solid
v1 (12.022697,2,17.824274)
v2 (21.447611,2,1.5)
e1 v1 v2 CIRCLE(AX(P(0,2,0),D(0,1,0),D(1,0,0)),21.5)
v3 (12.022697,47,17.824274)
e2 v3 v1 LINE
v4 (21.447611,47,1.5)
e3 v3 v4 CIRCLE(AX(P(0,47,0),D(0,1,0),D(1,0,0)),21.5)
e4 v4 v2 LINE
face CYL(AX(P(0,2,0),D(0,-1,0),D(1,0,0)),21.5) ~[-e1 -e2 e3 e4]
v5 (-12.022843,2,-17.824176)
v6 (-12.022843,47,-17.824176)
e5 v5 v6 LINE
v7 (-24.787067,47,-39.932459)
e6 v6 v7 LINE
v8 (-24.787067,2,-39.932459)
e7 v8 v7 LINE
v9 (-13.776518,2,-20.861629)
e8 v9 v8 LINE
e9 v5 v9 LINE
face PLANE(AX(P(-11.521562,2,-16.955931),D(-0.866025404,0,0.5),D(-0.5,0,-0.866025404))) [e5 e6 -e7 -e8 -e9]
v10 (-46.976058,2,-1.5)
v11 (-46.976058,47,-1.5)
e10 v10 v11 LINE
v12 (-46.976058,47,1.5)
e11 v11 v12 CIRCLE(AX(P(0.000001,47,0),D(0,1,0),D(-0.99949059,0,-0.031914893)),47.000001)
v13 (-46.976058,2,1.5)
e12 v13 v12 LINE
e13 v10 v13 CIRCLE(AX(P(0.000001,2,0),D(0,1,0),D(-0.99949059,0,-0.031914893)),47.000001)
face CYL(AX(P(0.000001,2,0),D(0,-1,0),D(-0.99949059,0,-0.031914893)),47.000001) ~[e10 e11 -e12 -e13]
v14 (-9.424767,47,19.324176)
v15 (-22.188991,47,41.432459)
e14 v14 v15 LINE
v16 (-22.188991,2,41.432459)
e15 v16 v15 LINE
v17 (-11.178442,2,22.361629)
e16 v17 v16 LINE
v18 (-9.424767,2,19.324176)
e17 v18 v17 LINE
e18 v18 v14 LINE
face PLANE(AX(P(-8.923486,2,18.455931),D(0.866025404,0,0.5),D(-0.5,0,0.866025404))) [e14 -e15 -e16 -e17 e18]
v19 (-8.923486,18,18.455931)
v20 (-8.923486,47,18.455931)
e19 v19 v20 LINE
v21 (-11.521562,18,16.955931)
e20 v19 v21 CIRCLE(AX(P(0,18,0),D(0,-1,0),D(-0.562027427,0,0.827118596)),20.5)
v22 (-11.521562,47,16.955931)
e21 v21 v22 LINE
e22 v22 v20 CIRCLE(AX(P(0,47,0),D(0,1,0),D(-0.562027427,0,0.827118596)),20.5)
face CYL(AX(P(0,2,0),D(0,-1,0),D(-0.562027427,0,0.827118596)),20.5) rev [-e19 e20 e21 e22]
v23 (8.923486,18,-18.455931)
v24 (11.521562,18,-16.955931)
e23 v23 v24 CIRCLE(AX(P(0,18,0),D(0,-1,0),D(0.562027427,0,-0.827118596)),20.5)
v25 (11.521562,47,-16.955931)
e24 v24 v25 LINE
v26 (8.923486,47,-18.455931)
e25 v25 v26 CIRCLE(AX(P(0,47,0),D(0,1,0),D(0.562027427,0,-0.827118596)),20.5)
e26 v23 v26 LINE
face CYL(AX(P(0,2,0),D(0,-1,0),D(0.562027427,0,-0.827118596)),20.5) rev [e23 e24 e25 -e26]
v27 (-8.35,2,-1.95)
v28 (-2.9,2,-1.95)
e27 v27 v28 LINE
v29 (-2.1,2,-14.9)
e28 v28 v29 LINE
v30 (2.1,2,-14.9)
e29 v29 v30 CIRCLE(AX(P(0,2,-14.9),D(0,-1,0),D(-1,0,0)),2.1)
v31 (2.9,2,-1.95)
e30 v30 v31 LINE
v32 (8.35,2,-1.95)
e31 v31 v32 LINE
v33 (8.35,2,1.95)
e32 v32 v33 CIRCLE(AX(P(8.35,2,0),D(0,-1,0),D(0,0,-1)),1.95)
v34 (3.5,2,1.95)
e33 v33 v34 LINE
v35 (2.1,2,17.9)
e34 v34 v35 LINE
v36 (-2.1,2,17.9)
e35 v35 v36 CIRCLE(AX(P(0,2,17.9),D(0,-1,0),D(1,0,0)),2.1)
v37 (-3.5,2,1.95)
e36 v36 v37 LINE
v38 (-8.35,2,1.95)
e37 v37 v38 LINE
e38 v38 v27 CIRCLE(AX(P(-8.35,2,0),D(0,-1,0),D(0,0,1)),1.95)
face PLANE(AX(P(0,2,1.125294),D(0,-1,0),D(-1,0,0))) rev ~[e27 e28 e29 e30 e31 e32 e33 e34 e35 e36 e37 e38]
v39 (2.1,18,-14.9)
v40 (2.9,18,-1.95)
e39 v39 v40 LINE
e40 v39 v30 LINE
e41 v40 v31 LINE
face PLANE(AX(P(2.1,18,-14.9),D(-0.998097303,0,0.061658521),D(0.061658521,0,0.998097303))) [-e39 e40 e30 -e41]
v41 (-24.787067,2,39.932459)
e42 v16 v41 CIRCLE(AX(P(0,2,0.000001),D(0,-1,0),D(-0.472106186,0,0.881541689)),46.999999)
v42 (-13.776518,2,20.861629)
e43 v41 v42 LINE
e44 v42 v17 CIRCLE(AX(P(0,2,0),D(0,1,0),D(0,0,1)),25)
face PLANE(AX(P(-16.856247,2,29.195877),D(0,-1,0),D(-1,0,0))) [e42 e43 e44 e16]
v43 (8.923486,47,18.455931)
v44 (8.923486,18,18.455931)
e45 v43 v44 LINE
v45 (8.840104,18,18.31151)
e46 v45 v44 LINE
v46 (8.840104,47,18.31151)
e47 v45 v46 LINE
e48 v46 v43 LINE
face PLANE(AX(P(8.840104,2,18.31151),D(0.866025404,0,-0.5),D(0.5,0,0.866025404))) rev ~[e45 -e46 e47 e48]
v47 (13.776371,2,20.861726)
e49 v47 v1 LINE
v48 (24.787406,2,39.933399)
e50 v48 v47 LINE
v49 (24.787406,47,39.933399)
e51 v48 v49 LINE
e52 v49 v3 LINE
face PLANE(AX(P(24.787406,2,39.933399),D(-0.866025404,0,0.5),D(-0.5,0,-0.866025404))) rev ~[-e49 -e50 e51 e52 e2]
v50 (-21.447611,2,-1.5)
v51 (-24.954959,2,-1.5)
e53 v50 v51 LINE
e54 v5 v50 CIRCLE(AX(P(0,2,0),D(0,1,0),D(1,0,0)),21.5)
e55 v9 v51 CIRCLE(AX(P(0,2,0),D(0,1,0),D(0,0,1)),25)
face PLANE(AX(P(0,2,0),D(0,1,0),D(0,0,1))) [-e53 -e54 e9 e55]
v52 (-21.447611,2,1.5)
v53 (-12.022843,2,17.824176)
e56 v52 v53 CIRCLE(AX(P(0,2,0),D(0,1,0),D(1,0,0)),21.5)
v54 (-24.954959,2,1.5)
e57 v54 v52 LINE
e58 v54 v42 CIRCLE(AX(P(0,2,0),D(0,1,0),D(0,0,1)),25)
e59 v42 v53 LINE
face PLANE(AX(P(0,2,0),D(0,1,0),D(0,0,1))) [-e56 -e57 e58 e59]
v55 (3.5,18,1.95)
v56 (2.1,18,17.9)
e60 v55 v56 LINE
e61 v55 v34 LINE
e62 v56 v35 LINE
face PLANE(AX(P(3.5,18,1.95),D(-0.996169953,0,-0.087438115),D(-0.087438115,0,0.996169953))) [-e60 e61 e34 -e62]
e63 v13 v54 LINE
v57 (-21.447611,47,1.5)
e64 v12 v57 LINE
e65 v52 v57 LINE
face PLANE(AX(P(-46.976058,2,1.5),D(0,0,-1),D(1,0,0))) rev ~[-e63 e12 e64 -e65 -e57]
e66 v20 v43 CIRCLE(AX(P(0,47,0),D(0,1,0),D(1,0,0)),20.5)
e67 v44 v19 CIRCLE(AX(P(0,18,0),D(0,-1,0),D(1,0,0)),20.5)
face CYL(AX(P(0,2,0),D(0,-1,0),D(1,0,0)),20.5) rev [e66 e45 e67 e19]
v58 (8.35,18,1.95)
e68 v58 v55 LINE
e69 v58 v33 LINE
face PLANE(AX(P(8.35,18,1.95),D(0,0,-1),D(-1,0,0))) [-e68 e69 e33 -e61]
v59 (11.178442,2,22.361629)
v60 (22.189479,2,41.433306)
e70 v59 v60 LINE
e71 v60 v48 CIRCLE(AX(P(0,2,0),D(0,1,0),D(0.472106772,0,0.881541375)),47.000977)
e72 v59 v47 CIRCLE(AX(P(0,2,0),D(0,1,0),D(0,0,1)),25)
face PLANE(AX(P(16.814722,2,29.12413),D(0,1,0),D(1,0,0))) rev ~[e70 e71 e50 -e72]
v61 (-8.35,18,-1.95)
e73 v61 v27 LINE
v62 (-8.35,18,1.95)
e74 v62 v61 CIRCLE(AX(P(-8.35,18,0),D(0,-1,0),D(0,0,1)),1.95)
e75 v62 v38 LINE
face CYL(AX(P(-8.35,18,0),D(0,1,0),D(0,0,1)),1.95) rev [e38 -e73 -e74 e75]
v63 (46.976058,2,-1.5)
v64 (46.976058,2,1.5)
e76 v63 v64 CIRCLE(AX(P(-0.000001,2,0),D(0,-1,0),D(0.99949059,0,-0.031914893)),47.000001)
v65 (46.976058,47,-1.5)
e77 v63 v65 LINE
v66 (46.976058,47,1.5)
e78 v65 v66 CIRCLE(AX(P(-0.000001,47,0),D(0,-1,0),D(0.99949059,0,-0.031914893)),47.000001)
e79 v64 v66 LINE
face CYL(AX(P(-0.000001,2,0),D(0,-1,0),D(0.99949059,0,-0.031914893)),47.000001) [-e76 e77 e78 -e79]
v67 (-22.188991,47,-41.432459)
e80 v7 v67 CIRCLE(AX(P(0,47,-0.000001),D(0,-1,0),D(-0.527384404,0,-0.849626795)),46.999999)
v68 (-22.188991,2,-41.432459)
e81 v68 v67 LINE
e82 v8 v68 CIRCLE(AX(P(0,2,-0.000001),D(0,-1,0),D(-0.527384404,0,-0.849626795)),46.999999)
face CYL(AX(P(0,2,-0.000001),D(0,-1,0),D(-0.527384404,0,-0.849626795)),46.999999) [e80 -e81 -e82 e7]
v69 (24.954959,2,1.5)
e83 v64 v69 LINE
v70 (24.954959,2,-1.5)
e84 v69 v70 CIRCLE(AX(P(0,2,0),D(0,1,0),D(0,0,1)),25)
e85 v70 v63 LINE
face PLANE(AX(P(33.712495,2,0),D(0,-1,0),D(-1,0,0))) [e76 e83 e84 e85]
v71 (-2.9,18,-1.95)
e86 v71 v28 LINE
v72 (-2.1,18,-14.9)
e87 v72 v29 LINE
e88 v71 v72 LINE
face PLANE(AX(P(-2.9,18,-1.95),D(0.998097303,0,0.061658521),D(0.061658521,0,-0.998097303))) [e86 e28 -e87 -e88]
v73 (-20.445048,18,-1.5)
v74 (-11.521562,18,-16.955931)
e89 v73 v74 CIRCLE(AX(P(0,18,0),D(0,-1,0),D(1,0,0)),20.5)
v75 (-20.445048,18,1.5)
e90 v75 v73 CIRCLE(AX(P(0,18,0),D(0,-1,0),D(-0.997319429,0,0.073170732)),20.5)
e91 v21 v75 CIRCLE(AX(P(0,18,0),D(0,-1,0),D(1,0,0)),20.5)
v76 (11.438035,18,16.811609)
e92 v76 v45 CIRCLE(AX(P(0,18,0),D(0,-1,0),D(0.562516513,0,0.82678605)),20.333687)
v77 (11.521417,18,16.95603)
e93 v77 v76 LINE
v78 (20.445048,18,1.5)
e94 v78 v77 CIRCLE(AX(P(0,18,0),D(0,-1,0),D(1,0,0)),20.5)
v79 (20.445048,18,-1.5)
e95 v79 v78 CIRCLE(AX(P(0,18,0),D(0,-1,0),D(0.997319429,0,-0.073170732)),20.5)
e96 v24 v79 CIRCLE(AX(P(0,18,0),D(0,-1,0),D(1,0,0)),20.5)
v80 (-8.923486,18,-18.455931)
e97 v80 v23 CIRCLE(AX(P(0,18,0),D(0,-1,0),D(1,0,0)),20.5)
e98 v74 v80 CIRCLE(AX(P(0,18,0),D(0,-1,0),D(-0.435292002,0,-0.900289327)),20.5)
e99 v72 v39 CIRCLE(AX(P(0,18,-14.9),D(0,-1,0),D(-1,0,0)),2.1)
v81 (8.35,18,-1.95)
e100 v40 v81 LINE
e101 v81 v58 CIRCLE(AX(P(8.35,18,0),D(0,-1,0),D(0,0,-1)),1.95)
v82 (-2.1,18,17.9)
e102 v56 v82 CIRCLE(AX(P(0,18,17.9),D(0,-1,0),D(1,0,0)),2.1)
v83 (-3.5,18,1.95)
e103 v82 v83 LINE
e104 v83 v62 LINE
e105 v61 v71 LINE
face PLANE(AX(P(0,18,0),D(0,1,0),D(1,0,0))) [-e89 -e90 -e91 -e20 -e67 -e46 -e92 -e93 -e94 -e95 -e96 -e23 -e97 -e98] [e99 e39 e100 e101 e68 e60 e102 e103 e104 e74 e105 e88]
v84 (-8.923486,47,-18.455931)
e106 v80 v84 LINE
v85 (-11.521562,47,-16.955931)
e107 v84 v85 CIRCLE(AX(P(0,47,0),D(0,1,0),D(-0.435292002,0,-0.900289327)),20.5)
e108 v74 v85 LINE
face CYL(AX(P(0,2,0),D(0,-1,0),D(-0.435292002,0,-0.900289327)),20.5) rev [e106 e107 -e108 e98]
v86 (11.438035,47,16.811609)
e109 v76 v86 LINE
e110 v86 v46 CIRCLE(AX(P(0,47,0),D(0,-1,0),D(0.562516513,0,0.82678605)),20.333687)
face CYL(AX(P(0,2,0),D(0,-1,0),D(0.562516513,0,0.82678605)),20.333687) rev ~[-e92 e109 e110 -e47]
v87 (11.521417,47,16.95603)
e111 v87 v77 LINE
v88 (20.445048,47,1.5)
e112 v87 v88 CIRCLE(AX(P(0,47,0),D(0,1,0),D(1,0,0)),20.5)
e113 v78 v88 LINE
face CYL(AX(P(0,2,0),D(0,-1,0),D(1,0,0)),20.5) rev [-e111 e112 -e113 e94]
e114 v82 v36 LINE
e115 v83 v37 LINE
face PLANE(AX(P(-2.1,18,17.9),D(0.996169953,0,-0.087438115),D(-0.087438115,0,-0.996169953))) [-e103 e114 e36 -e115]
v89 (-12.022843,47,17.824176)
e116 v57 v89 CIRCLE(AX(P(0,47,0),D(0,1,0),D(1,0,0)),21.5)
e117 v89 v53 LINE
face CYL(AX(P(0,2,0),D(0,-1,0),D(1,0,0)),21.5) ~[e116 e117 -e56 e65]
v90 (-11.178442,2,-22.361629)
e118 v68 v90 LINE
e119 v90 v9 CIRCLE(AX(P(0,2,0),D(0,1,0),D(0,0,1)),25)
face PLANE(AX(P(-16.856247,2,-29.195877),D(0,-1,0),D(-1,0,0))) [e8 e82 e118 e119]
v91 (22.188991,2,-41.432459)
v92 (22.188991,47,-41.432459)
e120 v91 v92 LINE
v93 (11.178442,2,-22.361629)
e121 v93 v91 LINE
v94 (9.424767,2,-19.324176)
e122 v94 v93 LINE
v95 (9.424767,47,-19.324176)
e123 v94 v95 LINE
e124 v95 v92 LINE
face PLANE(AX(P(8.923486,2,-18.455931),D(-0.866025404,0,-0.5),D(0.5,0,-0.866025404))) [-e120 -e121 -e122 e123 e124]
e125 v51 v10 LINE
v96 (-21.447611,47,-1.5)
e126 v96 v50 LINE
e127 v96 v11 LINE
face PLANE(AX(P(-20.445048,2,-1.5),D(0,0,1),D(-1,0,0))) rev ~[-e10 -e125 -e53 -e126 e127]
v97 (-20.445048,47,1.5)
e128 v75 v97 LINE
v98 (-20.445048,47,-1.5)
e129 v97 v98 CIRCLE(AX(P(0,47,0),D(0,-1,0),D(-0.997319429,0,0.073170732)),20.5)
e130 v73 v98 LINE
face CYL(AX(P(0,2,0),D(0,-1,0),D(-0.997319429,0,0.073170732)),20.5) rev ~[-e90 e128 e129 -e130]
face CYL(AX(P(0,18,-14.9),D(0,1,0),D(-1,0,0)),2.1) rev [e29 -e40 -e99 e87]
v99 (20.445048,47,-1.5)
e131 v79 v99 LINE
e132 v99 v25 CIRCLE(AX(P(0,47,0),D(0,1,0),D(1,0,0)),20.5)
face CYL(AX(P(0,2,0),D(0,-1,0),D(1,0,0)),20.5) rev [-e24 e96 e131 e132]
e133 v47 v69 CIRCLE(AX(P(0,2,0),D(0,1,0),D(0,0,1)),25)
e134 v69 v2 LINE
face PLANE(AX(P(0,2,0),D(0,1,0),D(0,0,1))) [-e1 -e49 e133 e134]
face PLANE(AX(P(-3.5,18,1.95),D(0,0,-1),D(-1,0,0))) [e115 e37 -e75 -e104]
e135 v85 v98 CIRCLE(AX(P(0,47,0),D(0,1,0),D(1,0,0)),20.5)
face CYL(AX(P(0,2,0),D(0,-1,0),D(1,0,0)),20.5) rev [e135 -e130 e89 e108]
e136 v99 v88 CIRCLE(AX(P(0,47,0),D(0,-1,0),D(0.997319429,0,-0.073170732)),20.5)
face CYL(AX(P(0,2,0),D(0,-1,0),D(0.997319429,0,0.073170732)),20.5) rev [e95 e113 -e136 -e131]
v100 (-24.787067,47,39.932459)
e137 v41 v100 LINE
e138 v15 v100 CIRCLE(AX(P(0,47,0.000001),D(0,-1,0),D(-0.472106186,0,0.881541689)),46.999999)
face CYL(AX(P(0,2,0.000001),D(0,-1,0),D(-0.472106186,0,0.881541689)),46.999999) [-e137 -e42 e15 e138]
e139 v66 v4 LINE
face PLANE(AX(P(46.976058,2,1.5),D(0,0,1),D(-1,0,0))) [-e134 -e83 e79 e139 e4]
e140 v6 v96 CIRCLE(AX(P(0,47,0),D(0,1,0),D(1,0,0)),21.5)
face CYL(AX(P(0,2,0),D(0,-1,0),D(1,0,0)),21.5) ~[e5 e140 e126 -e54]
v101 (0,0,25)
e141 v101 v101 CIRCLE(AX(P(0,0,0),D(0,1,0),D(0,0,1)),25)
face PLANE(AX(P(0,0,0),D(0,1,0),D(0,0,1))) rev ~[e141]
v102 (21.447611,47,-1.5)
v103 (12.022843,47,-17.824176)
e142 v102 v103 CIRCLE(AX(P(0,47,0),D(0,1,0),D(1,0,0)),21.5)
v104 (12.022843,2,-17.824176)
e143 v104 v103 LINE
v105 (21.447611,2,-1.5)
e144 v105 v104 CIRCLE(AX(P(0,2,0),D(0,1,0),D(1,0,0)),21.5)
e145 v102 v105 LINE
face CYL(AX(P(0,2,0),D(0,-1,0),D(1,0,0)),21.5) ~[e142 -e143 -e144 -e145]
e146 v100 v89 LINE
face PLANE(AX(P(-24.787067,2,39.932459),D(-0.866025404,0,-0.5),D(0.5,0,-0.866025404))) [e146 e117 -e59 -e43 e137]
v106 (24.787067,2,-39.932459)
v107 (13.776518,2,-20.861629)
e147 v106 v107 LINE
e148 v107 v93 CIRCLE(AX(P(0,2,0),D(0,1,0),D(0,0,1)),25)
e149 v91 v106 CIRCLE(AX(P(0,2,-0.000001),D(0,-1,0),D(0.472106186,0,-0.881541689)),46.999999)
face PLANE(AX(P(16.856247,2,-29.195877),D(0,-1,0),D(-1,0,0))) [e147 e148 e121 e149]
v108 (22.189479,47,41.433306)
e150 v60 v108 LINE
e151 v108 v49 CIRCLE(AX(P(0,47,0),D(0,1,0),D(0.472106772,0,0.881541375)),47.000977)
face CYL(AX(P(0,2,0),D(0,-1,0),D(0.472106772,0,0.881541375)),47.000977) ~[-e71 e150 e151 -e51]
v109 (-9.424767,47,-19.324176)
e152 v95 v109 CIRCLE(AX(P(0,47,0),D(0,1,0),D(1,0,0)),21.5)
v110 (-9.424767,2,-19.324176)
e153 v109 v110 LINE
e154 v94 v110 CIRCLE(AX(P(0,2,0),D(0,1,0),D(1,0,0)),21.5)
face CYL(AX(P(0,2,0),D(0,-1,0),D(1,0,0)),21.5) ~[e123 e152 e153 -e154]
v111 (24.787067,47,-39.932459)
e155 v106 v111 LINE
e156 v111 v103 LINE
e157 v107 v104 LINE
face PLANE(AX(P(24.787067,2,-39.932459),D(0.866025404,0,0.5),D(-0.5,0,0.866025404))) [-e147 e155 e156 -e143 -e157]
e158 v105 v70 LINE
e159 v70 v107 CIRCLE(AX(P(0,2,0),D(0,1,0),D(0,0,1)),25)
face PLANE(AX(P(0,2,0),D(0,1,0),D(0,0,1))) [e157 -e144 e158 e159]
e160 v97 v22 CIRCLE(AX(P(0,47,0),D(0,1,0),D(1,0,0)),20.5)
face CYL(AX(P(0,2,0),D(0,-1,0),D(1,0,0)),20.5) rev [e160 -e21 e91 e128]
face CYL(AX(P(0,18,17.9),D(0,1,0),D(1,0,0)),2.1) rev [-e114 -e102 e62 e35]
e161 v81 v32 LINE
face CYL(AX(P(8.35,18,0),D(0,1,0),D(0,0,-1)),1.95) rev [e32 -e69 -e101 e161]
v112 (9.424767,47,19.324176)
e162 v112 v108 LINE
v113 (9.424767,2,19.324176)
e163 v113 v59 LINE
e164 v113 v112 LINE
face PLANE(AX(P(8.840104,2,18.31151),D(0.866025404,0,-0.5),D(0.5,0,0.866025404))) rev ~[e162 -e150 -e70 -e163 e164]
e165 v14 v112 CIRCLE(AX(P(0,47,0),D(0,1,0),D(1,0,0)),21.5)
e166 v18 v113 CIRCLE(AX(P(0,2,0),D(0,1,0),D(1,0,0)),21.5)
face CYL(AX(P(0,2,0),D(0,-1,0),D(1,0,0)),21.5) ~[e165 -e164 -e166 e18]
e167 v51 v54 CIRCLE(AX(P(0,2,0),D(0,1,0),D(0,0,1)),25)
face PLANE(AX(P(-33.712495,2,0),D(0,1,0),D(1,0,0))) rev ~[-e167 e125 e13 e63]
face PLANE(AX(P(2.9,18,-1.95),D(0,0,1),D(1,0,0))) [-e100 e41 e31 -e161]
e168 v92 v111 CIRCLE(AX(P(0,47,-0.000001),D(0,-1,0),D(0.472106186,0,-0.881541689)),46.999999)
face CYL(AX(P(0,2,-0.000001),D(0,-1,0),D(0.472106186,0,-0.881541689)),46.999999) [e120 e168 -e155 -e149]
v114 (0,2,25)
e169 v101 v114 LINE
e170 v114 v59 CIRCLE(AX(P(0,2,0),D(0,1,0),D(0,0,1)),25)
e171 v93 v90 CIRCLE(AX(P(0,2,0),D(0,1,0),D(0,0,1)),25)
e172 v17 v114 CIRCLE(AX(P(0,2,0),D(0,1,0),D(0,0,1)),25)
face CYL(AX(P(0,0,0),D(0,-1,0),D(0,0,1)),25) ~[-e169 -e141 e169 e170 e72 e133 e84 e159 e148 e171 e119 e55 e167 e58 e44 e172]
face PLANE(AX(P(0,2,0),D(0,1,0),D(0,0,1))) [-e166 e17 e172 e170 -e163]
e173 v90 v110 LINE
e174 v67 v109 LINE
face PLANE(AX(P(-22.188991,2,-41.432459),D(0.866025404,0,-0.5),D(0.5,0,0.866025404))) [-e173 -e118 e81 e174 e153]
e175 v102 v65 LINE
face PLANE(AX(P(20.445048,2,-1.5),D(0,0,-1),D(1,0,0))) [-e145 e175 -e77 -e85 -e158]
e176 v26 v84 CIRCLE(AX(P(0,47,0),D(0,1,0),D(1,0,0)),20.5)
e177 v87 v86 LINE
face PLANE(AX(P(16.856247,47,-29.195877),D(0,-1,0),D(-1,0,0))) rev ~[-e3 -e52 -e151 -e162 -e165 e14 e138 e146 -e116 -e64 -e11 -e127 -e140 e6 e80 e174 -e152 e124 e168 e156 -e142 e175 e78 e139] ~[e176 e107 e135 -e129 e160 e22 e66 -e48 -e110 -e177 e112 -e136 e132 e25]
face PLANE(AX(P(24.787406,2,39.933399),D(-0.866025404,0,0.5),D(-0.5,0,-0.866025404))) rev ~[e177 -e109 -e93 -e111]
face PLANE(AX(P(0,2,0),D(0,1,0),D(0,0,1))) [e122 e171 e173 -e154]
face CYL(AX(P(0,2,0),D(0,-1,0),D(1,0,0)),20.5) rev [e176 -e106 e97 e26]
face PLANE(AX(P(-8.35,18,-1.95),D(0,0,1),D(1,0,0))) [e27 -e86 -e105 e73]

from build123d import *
from build123d.topology import SkipClean

# Parameters (mm, degrees)
SKETCH_1_R          = 25
EXTRUDE_2_DEPTH     = 2
EXTRUDE_3_DEPTH     = 45
SKETCH_3_R          = 21.5
SKETCH_3_R_2        = 20.5
EXTRUDE_4_DEPTH     = 45
SKETCH_5_R          = 21.5
EXTRUDE_5_DEPTH     = 16
CUT_EXTRUDE_1_DEPTH = 16


with BuildPart() as part:
    # 草图1 → 凸台-拉伸2 (new body)
    with BuildSketch(Plane(origin=(0, 0, 0), x_dir=(1, 0, 0), z_dir=(0, 1, 0))):
        with Locations(Location((0, 0, 0), (0, 0, 270))):
            Circle(SKETCH_1_R)
    extrude(amount=EXTRUDE_2_DEPTH)

    # 草图2 → 凸台-拉伸3 (add)
    with BuildSketch(Plane(origin=(0, 2, 0), x_dir=(1, 0, 0), z_dir=(0, 1, 0))):
        with BuildLine():
            Line((46.976057732, -1.5), (20.4450483, -1.5))
            ThreePointArc((20.4450483, -1.5), (20.5, 0), (20.4450483, 1.5))
            Line((20.4450483, 1.5), (46.976057732, 1.5))
            ThreePointArc((46.976057732, 1.5), (47, 0), (46.976057732, -1.5))
        make_face()
        with BuildLine():
            Line((8.840104317, -18.311509822), (22.189479497, -41.433305883))
            ThreePointArc((22.189479497, -41.433305883), (23.500412361, -40.704084016), (24.787406337, -39.933398601))
            Line((24.787406337, -39.933398601), (11.438034851, -16.811608937))
            ThreePointArc((11.438034851, -16.811608937), (10.166767318, -17.609533741), (8.840104317, -18.311509822))
        make_face()
        with BuildLine():
            Line((-8.923486044, -18.45593121), (-22.18899076, -41.432459365))
            ThreePointArc((-22.18899076, -41.432459365), (-23.5, -40.703193978), (-24.787066971, -39.932459365))
            Line((-24.787066971, -39.932459365), (-11.521562256, -16.95593121))
            ThreePointArc((-11.521562256, -16.95593121), (-10.25, -17.753520778), (-8.923486044, -18.45593121))
        make_face()
        with BuildLine():
            Line((-20.4450483, 1.5), (-46.976057732, 1.5))
            ThreePointArc((-46.976057732, 1.5), (-47, 0), (-46.976057732, -1.5))
            Line((-46.976057732, -1.5), (-20.4450483, -1.5))
            ThreePointArc((-20.4450483, -1.5), (-20.5, 0), (-20.4450483, 1.5))
        make_face()
        with BuildLine():
            Line((-11.521562256, 16.95593121), (-24.787066971, 39.932459365))
            ThreePointArc((-24.787066971, 39.932459365), (-23.5, 40.703193978), (-22.18899076, 41.432459365))
            Line((-22.18899076, 41.432459365), (-8.923486044, 18.45593121))
            ThreePointArc((-8.923486044, 18.45593121), (-10.25, 17.753520778), (-11.521562256, 16.95593121))
        make_face()
        with BuildLine():
            Line((8.923486044, 18.45593121), (22.18899076, 41.432459365))
            ThreePointArc((22.18899076, 41.432459365), (23.5, 40.703193978), (24.787066971, 39.932459365))
            Line((24.787066971, 39.932459365), (11.521562256, 16.95593121))
            ThreePointArc((11.521562256, 16.95593121), (10.25, 17.753520778), (8.923486044, 18.45593121))
        make_face()
    extrude(amount=EXTRUDE_3_DEPTH)

    # 草图3 → 凸台-拉伸4 (add)
    with SkipClean():  # the faces are left unmerged after this step: merging them gives an invalid solid
        with BuildSketch(Plane(origin=(0, 2, 0), x_dir=(1, 0, 0), z_dir=(0, 1, 0))):
            Circle(SKETCH_3_R)
            Circle(SKETCH_3_R_2, mode=Mode.SUBTRACT)
        extrude(amount=EXTRUDE_4_DEPTH)

    # 草图5 → 凸台-拉伸5 (add)
    with BuildSketch(Plane(origin=(0, 2, 0), x_dir=(1, 0, 0), z_dir=(0, 1, 0))):
        Circle(SKETCH_5_R)
    extrude(amount=EXTRUDE_5_DEPTH)

    # 草图6 → 切除-拉伸1 (cut)
    with BuildSketch(Plane(origin=(0, 18, 0), x_dir=(1, 0, 0), z_dir=(0, 1, 0))):
        with BuildLine():
            Line((2.1, 14.9), (2.9, 1.95))
            Line((2.9, 1.95), (8.35, 1.95))
            ThreePointArc((8.35, 1.95), (10.3, 0), (8.35, -1.95))
            Line((8.35, -1.95), (3.5, -1.95))
            Line((3.5, -1.95), (2.1, -17.9))
            ThreePointArc((2.1, -17.9), (0, -20), (-2.1, -17.9))
            Line((-2.1, -17.9), (-3.5, -1.95))
            Line((-3.5, -1.95), (-8.35, -1.95))
            ThreePointArc((-8.35, -1.95), (-10.3, 0), (-8.35, 1.95))
            Line((-8.35, 1.95), (-2.9, 1.95))
            Line((-2.9, 1.95), (-2.1, 14.9))
            ThreePointArc((-2.1, 14.9), (0, 17), (2.1, 14.9))
        make_face()
    extrude(amount=-CUT_EXTRUDE_1_DEPTH, mode=Mode.SUBTRACT)


solid = part.part
